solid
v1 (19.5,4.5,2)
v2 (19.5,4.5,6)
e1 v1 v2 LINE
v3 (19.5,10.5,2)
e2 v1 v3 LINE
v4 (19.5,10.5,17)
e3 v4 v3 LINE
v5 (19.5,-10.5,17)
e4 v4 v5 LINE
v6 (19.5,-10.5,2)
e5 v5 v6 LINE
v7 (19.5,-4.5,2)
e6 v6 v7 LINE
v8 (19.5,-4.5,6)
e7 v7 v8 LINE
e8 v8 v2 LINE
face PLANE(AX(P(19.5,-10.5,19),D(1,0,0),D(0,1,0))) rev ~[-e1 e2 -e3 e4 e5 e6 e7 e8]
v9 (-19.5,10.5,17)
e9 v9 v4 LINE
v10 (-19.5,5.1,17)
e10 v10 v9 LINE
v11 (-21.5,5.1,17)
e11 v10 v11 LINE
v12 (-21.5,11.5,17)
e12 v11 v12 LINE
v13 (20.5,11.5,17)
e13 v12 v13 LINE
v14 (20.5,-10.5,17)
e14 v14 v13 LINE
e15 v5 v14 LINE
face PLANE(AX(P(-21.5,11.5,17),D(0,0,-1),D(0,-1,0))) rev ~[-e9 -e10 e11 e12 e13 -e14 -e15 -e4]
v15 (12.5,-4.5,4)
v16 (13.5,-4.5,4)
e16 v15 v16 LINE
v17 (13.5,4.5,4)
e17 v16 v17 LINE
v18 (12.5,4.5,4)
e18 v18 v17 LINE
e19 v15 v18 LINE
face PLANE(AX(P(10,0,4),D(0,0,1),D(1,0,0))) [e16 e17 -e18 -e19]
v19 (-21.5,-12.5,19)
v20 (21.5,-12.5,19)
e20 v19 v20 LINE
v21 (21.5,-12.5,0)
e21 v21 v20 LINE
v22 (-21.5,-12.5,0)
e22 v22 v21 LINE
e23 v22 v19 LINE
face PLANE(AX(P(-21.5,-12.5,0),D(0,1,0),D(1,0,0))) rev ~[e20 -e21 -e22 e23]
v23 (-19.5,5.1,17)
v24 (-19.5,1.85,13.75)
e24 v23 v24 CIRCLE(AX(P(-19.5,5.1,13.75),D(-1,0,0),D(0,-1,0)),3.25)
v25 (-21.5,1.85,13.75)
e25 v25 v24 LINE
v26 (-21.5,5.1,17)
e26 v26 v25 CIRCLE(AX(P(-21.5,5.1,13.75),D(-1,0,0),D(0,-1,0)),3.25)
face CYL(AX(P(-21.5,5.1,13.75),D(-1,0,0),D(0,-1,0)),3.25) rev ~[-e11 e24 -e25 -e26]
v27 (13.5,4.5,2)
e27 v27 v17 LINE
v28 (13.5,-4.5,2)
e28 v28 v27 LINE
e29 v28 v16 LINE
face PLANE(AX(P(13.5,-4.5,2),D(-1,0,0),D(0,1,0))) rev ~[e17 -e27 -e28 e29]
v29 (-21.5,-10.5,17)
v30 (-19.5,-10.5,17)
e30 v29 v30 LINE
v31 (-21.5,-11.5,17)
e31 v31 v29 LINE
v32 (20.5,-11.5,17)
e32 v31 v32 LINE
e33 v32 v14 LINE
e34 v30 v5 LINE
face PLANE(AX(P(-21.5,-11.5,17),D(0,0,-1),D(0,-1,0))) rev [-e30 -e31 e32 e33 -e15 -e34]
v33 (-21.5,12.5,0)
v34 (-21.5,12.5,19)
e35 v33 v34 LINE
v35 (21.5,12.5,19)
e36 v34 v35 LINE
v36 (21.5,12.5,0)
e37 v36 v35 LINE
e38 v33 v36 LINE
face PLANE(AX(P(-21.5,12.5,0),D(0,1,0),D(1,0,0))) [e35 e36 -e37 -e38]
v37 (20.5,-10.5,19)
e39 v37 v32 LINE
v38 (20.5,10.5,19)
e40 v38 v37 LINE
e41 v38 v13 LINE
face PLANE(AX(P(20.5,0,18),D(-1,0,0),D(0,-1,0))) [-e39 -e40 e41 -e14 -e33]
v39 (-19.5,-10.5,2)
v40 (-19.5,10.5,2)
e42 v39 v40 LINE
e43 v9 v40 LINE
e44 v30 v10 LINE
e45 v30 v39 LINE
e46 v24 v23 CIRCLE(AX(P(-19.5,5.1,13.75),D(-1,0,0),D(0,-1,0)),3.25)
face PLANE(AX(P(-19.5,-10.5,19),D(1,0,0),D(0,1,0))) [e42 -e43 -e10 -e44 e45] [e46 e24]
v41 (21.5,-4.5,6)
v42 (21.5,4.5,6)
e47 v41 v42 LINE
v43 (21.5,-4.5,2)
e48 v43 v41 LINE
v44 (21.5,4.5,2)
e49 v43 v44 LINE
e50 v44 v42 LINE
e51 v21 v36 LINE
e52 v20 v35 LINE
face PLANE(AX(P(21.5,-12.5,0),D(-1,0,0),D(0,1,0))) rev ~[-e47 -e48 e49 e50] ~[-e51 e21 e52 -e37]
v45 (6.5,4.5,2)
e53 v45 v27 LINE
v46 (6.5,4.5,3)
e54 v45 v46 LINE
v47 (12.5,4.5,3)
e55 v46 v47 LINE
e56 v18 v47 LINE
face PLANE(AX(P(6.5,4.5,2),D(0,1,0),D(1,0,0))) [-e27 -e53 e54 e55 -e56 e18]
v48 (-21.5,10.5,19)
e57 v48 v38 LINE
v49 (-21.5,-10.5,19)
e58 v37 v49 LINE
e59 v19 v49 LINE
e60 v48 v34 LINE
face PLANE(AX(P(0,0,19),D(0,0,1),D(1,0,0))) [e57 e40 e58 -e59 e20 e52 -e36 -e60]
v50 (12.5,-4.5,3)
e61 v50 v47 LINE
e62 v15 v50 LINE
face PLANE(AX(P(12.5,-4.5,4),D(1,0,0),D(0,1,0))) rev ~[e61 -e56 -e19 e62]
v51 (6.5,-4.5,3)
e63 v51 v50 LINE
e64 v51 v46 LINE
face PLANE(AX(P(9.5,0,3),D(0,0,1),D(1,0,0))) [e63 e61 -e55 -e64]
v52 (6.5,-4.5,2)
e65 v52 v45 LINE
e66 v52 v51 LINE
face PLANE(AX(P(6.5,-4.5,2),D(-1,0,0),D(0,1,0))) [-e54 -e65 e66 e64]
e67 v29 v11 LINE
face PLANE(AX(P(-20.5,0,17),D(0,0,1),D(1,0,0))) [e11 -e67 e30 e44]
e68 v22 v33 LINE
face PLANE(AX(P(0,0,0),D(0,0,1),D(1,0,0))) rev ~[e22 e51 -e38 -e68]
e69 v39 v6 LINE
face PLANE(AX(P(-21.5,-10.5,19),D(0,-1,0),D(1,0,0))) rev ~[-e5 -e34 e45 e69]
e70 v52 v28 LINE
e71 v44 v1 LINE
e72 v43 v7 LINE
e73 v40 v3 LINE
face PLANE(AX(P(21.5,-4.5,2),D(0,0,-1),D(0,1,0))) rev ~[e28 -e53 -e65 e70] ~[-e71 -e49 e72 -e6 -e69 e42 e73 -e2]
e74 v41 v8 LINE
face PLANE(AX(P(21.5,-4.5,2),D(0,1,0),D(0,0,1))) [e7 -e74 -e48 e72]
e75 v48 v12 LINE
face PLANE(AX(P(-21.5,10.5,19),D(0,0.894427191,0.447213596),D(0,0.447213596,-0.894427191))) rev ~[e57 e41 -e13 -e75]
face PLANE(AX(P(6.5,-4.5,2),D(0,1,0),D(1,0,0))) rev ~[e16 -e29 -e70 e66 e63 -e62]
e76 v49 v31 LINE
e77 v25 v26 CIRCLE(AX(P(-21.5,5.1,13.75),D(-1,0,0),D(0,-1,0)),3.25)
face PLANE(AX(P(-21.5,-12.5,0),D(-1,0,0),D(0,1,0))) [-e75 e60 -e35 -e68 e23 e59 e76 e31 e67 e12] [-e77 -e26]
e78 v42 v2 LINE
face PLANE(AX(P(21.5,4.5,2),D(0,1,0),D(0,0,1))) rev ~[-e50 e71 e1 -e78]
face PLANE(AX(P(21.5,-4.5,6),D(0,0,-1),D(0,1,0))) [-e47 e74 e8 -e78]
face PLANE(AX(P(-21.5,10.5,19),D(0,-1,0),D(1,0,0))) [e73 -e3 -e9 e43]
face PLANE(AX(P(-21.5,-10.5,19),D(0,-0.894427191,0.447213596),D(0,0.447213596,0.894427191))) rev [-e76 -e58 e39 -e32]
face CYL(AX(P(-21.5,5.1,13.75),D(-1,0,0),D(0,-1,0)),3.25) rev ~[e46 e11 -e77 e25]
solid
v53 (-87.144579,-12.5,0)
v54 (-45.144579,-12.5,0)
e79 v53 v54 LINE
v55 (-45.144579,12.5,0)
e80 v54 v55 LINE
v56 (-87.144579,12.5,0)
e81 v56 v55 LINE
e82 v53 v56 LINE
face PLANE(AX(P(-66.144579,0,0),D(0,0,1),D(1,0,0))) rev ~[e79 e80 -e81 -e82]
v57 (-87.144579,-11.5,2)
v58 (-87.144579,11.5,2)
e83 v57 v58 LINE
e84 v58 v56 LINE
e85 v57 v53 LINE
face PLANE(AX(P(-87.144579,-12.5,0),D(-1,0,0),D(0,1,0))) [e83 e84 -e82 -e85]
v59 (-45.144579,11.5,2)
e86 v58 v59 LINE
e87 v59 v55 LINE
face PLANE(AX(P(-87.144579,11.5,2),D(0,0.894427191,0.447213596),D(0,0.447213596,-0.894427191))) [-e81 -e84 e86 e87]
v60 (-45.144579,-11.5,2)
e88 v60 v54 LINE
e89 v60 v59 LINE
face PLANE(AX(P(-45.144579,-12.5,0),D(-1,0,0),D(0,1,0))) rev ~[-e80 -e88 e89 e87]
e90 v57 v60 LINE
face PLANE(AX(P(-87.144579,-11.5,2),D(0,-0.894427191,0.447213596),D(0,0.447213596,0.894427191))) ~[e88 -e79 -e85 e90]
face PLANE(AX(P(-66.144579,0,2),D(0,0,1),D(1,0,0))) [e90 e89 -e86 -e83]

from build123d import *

# Parameters (mm, degrees)
SKETCH_W        = 43
SKETCH_H        = 25
PAD_DEPTH       = 19
SKETCH001_W     = 39
SKETCH001_H     = 21
POCKET_DEPTH    = 17
SKETCH002_W     = 9
SKETCH002_H     = 4
POCKET001_DEPTH = 2
SKETCH003_W     = 21
SKETCH003_H     = 2
POCKET002_DEPTH = 1
SKETCH004_W     = 2
SKETCH004_H     = 21
POCKET003_DEPTH = 2
SKETCH005_W     = 7
SKETCH005_H     = 9
PAD001_DEPTH    = 2
SKETCH006_W     = 6
SKETCH006_H     = 9
POCKET004_DEPTH = 1
SKETCH007_R     = 3.25
POCKET005_DEPTH = 2
POCKET006_DEPTH = 42
SKETCH010_W     = 42
SKETCH010_H     = 25
PAD002_DEPTH    = 2
POCKET007_DEPTH = 42


with BuildPart() as body:
    # Sketch → Pad (new body)
    with BuildSketch(Plane.XY):
        Rectangle(SKETCH_W, SKETCH_H)
    extrude(amount=PAD_DEPTH)

    # Sketch001 (on Face6 of Pad) → Pocket (cut)
    with BuildSketch(Plane.XY.offset(19)):
        Rectangle(SKETCH001_W, SKETCH001_H)
    extrude(amount=-POCKET_DEPTH, mode=Mode.SUBTRACT)

    # Sketch002 (on Face6 of Pocket) → Pocket001 (cut)
    with BuildSketch(Plane.YZ.offset(21.5)):
        with Locations((0, 4)):
            Rectangle(SKETCH002_W, SKETCH002_H)
    extrude(amount=-POCKET001_DEPTH, mode=Mode.SUBTRACT)

    # Sketch003 (on Face9 of Pocket001) → Pocket002 (cut)
    with BuildSketch(Plane(origin=(19.5, 0, 0), x_dir=(0, -1, 0), z_dir=(-1, 0, 0))):
        with Locations((0, 18)):
            Rectangle(SKETCH003_W, SKETCH003_H)
    extrude(amount=-POCKET002_DEPTH, mode=Mode.SUBTRACT)

    # Sketch004 (on Face5 of Pocket002) → Pocket003 (cut)
    with BuildSketch(Plane.XY.offset(19)):
        with Locations((-20.5, 0)):
            Rectangle(SKETCH004_W, SKETCH004_H)
    extrude(amount=-POCKET003_DEPTH, mode=Mode.SUBTRACT)

    # Sketch005 (on Face21 of Pocket003) → Pad001 (join)
    with BuildSketch(Plane.XY.offset(2)):
        with Locations((10, 0)):
            Rectangle(SKETCH005_W, SKETCH005_H)
    extrude(amount=PAD001_DEPTH)

    # Sketch006 (on Face27 of Pad001) → Pocket004 (cut)
    with BuildSketch(Plane.XY.offset(4)):
        with Locations((9.5, 0)):
            Rectangle(SKETCH006_W, SKETCH006_H)
    extrude(amount=-POCKET004_DEPTH, mode=Mode.SUBTRACT)

    # Sketch007 (on Face1 of Pocket004) → Pocket005 (cut)
    with BuildSketch(Plane(origin=(-21.5, 0, 0), x_dir=(0, -1, 0), z_dir=(-1, 0, 0))):
        with Locations((-5.1, 13.75)):
            Circle(SKETCH007_R)
    extrude(amount=-POCKET005_DEPTH, mode=Mode.SUBTRACT)

    # Sketch009 (on Face1 of Pocket005) → Pocket006 (cut)
    with BuildSketch(Plane(origin=(-21.5, 0, 0), x_dir=(0, -1, 0), z_dir=(-1, 0, 0))):
        Polygon((-10.5, 19), (-11.5, 17), (-10.5, 17), align=None)
    pocket006 = extrude(amount=-POCKET006_DEPTH, mode=Mode.SUBTRACT)

    # Mirrored: Pocket006 across Sketch009 V_Axis
    add(pocket006.mirror(Plane(origin=(-21.5, 0, 0), x_dir=(-1, 0, 0), z_dir=(0, -1, 0))), mode=Mode.SUBTRACT)


with BuildPart() as body001:
    # Sketch010 → Pad002 (new body)
    with BuildSketch(Plane.XY):
        with Locations((-66.144579, 0)):
            Rectangle(SKETCH010_W, SKETCH010_H)
    extrude(amount=PAD002_DEPTH)

    # Sketch011 (on Face1 of Pad002) → Pocket007 (cut)
    with BuildSketch(Plane(origin=(-87.144579, 0, 0), x_dir=(0, -1, 0), z_dir=(-1, 0, 0))):
        Polygon((-11.5, 2), (-12.5, 0), (-12.5, 2), align=None)
    pocket007 = extrude(amount=-POCKET007_DEPTH, mode=Mode.SUBTRACT)

    # Mirrored001: Pocket007 across Sketch011 V_Axis
    add(pocket007.mirror(Plane(origin=(-87.144579, 0, 0), x_dir=(-1, 0, 0), z_dir=(0, -1, 0))), mode=Mode.SUBTRACT)


solid = Compound([body.part, body001.part])
